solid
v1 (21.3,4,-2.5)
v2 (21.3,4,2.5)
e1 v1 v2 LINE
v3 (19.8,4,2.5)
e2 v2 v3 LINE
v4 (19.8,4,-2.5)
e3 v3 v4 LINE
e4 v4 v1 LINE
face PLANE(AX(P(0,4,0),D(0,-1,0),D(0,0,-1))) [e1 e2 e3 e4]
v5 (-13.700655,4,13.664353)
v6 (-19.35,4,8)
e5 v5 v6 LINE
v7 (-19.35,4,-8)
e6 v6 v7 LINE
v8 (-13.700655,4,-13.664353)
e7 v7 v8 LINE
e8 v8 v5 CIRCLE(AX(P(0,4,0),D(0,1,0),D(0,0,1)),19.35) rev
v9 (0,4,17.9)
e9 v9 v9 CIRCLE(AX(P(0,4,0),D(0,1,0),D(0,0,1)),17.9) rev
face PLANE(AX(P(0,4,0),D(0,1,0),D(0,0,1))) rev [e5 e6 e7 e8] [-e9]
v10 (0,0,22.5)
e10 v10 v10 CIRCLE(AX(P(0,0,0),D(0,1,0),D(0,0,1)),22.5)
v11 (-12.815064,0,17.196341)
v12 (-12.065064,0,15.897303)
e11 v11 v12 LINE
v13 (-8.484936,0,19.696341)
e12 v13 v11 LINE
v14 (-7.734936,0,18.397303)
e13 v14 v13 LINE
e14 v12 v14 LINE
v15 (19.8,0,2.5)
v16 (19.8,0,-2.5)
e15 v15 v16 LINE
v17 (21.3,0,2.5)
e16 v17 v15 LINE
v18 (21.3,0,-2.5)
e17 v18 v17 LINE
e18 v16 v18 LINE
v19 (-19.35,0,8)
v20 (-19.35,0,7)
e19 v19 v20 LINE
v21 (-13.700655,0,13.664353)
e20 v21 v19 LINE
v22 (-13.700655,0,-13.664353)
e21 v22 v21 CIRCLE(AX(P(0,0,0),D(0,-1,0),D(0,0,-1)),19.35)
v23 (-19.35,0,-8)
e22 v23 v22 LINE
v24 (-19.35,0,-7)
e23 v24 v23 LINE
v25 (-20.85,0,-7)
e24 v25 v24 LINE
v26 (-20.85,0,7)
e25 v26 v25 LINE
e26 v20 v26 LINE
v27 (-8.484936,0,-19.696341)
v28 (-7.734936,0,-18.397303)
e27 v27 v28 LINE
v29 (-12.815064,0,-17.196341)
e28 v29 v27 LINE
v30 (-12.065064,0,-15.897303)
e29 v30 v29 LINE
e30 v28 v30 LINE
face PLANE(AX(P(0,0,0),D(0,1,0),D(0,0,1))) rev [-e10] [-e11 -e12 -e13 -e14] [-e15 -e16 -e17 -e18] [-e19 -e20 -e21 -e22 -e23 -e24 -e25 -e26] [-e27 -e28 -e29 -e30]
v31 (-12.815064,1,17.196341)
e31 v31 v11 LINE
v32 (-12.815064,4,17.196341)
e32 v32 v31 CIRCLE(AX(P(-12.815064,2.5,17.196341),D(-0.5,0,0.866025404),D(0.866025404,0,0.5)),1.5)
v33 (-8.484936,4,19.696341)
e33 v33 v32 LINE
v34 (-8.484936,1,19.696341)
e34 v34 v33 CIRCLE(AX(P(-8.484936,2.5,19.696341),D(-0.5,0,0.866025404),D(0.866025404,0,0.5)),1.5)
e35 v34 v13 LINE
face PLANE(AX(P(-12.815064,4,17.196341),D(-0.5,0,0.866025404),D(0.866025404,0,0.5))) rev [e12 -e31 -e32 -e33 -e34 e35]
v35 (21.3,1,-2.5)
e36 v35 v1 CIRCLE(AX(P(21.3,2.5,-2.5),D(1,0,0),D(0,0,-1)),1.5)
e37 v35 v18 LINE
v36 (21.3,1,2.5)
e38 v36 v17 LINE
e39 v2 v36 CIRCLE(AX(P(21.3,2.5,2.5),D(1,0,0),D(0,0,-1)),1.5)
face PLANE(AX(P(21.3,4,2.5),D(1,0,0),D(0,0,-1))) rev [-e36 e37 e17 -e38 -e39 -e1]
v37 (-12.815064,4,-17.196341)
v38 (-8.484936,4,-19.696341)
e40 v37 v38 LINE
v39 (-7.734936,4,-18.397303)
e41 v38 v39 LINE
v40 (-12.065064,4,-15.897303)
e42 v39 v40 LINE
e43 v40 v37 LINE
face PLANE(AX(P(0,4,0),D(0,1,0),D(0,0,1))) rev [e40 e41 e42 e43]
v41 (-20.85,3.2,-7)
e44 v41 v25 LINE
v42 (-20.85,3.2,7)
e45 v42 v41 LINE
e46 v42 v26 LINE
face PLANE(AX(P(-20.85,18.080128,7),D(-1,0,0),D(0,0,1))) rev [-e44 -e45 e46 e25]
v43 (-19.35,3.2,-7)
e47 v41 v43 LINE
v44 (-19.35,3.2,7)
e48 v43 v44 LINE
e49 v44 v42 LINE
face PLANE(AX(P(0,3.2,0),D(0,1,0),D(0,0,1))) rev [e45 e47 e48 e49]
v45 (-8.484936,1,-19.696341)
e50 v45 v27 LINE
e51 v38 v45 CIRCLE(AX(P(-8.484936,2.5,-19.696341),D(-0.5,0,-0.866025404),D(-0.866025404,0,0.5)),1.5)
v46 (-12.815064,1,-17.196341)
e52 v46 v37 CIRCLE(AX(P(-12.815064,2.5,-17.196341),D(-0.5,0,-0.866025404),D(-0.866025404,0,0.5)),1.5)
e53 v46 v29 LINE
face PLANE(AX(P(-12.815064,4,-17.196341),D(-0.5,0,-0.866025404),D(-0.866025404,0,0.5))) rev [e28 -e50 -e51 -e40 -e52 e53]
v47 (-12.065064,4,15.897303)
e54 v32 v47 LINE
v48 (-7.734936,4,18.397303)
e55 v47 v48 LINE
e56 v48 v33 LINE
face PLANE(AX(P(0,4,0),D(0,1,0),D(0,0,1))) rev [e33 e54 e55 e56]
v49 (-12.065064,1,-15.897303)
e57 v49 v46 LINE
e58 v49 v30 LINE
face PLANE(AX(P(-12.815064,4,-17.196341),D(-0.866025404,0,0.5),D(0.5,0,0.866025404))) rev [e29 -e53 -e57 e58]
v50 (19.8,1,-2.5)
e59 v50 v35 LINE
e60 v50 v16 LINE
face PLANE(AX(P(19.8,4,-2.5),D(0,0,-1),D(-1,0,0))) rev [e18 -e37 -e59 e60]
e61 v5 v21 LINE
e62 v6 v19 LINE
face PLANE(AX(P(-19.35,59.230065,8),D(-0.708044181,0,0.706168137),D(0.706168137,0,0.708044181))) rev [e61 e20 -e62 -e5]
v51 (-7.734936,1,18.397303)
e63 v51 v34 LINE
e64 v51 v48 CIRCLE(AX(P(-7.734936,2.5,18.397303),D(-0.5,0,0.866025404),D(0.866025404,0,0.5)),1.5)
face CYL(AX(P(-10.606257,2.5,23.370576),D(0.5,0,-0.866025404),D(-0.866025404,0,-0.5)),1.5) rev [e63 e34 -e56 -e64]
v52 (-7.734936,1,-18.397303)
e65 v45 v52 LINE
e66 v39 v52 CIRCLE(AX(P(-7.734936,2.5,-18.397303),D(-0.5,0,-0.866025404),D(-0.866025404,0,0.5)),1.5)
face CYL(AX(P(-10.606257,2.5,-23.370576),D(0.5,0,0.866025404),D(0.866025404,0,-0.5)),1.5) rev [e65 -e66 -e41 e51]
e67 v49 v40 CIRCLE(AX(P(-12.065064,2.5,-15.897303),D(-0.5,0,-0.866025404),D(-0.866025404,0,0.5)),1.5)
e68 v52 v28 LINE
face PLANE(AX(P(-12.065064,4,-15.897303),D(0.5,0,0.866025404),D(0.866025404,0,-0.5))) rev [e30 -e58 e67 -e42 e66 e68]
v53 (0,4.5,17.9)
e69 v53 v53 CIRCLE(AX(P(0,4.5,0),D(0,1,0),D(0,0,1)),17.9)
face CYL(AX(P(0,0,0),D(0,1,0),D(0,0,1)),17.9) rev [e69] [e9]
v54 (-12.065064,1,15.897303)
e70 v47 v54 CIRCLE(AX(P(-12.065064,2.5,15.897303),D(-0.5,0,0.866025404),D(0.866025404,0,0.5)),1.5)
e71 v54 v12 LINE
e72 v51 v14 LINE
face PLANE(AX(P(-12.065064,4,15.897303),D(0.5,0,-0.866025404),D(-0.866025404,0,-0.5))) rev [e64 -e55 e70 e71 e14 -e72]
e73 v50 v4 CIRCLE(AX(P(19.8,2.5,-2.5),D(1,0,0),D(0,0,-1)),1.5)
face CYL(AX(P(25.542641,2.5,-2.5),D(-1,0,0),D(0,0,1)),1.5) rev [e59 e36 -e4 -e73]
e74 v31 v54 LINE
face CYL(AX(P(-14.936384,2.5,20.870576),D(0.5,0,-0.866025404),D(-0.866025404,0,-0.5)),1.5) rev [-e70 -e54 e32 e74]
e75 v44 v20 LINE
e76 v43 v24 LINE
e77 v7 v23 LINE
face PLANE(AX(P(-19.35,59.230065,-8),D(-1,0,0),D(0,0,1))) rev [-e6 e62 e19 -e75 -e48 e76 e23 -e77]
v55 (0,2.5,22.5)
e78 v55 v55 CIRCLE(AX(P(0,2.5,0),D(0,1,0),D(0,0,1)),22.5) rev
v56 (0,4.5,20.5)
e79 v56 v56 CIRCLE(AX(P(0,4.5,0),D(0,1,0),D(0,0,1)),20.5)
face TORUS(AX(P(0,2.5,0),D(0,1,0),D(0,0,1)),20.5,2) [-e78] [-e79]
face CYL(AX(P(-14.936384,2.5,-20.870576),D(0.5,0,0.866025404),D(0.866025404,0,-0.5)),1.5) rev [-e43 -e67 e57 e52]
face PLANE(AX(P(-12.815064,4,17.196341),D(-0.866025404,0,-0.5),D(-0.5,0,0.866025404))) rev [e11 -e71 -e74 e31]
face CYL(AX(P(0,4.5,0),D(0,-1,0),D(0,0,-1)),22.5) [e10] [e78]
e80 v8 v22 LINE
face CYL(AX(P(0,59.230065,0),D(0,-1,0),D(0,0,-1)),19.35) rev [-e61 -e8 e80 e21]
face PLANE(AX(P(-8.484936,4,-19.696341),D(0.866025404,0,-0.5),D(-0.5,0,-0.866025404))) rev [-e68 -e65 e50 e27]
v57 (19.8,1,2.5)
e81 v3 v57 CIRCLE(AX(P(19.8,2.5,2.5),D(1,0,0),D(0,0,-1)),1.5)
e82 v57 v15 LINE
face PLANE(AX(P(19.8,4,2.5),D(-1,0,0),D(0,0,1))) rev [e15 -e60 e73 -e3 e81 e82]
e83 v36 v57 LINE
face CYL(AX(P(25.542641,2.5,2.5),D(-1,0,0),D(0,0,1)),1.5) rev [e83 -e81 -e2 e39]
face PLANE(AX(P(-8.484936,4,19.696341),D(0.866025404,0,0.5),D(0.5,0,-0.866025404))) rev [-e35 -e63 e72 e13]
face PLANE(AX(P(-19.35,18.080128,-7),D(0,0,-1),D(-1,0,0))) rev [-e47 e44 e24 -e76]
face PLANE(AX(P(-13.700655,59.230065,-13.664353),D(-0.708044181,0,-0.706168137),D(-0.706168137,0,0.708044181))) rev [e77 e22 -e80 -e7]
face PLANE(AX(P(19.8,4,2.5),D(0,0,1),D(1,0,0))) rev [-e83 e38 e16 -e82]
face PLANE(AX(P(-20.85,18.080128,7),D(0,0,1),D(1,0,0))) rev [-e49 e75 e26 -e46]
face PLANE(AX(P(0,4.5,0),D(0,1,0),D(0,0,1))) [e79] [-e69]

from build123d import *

# Parameters (mm, degrees)
SKETCH1_R           = 22.5
BOSS_EXTRUDE1_DEPTH = 4.5
SKETCH2_R           = 17.9
CUT_EXTRUDE1_DEPTH  = 33.136427928
CUT_EXTRUDE2_DEPTH  = 4
SKETCH4_W           = 1.5
SKETCH4_H           = 14
CUT_EXTRUDE3_DEPTH  = 3.2
FILLET2_R           = 2
SKETCH5_W           = 1.5
SKETCH5_H           = 5
CUT_EXTRUDE4_DEPTH  = 4
SKETCH6_R           = 1.5
CUT_EXTRUDE5_DEPTH  = 1.5
SKETCH7_R           = 1.5
CUT_EXTRUDE6_DEPTH  = 1.5
SKETCH8_R           = 1.5
CUT_EXTRUDE7_DEPTH  = 1.5


with BuildPart() as part:
    # Sketch1 → Boss-Extrude1 (new body)
    with BuildSketch(Plane(origin=(0, 0, 0), x_dir=(1, 0, 0), z_dir=(0, 1, 0))):
        with Locations(Location((0, 0, 0), (0, 0, 270))):
            Circle(SKETCH1_R)
    extrude(amount=BOSS_EXTRUDE1_DEPTH)

    # Sketch2 → Cut-Extrude1 (cut, through all)
    with BuildSketch(Plane(origin=(0, 4.5, 0), x_dir=(1, 0, 0), z_dir=(0, 1, 0))):
        with Locations(Location((0, 0, 0), (0, 0, 270))):
            Circle(SKETCH2_R)
    extrude(amount=-CUT_EXTRUDE1_DEPTH, mode=Mode.SUBTRACT)

    # Sketch3 → Cut-Extrude2 (cut)
    with BuildSketch(Plane.XZ):
        with BuildLine():
            Line((-13.700654905, -13.664353449), (-19.35, -8))
            Line((-19.35, -8), (-19.35, 8))
            Line((-19.35, 8), (-13.700654905, 13.664353449))
            ThreePointArc((-13.700654905, 13.664353449), (19.35, 0), (-13.700654905, -13.664353449))
        make_face()
    extrude(amount=-CUT_EXTRUDE2_DEPTH, mode=Mode.SUBTRACT)

    # Sketch4 → Cut-Extrude3 (cut)
    with BuildSketch(Plane.XZ):
        with Locations((-20.1, 0)):
            Rectangle(SKETCH4_W, SKETCH4_H)
    extrude(amount=-CUT_EXTRUDE3_DEPTH, mode=Mode.SUBTRACT)

    # Fillet2
    fillet2_edges = [part.edges().sort_by_distance(p)[0] for p in [
        (0, 4.5, -22.5),
    ]]
    fillet(fillet2_edges, radius=FILLET2_R)

    # Sketch5 → Cut-Extrude4 (cut)
    with BuildSketch(Plane.XZ):
        Polygon((-12.815063509, 17.196341101), (-12.065063509, 15.897302995), (-7.734936491, 18.397302995), (-8.484936491, 19.696341101), align=None)
        with Locations((20.55, 0)):
            Rectangle(SKETCH5_W, SKETCH5_H)
        Polygon((-12.815063509, -17.196341101), (-8.484936491, -19.696341101), (-7.734936491, -18.397302995), (-12.065063509, -15.897302995), align=None)
    extrude(amount=-CUT_EXTRUDE4_DEPTH, mode=Mode.SUBTRACT)

    # Sketch6 → Cut-Extrude5 (cut)
    with BuildSketch(Plane(origin=(-9.9, 0, 17.147302995), x_dir=(0.8660254037844397, 0, 0.4999999999999981), z_dir=(-0.4999999999999981, 0, 0.8660254037844397))):
        with Locations((2.5, 2.5)):
            Circle(SKETCH6_R)
        with Locations((-2.5, 2.5)):
            Circle(SKETCH6_R)
    extrude(amount=CUT_EXTRUDE5_DEPTH, mode=Mode.SUBTRACT)

    # Sketch7 → Cut-Extrude6 (cut)
    with BuildSketch(Plane(origin=(-9.9, 0, -17.147302995), x_dir=(-0.8660254037844364, 0, 0.500000000000004), z_dir=(-0.500000000000004, 0, -0.8660254037844365))):
        with Locations((-2.5, 2.5)):
            Circle(SKETCH7_R)
        with Locations((2.5, 2.5)):
            Circle(SKETCH7_R)
    extrude(amount=CUT_EXTRUDE6_DEPTH, mode=Mode.SUBTRACT)

    # Sketch8 → Cut-Extrude7 (cut)
    with BuildSketch(Plane(origin=(19.8, 0, 0), x_dir=(0, 0, -1), z_dir=(1, 0, 0))):
        with Locations((2.5, 2.5)):
            Circle(SKETCH8_R)
        with Locations((-2.5, 2.5)):
            Circle(SKETCH8_R)
    extrude(amount=CUT_EXTRUDE7_DEPTH, mode=Mode.SUBTRACT)


solid = part.part
